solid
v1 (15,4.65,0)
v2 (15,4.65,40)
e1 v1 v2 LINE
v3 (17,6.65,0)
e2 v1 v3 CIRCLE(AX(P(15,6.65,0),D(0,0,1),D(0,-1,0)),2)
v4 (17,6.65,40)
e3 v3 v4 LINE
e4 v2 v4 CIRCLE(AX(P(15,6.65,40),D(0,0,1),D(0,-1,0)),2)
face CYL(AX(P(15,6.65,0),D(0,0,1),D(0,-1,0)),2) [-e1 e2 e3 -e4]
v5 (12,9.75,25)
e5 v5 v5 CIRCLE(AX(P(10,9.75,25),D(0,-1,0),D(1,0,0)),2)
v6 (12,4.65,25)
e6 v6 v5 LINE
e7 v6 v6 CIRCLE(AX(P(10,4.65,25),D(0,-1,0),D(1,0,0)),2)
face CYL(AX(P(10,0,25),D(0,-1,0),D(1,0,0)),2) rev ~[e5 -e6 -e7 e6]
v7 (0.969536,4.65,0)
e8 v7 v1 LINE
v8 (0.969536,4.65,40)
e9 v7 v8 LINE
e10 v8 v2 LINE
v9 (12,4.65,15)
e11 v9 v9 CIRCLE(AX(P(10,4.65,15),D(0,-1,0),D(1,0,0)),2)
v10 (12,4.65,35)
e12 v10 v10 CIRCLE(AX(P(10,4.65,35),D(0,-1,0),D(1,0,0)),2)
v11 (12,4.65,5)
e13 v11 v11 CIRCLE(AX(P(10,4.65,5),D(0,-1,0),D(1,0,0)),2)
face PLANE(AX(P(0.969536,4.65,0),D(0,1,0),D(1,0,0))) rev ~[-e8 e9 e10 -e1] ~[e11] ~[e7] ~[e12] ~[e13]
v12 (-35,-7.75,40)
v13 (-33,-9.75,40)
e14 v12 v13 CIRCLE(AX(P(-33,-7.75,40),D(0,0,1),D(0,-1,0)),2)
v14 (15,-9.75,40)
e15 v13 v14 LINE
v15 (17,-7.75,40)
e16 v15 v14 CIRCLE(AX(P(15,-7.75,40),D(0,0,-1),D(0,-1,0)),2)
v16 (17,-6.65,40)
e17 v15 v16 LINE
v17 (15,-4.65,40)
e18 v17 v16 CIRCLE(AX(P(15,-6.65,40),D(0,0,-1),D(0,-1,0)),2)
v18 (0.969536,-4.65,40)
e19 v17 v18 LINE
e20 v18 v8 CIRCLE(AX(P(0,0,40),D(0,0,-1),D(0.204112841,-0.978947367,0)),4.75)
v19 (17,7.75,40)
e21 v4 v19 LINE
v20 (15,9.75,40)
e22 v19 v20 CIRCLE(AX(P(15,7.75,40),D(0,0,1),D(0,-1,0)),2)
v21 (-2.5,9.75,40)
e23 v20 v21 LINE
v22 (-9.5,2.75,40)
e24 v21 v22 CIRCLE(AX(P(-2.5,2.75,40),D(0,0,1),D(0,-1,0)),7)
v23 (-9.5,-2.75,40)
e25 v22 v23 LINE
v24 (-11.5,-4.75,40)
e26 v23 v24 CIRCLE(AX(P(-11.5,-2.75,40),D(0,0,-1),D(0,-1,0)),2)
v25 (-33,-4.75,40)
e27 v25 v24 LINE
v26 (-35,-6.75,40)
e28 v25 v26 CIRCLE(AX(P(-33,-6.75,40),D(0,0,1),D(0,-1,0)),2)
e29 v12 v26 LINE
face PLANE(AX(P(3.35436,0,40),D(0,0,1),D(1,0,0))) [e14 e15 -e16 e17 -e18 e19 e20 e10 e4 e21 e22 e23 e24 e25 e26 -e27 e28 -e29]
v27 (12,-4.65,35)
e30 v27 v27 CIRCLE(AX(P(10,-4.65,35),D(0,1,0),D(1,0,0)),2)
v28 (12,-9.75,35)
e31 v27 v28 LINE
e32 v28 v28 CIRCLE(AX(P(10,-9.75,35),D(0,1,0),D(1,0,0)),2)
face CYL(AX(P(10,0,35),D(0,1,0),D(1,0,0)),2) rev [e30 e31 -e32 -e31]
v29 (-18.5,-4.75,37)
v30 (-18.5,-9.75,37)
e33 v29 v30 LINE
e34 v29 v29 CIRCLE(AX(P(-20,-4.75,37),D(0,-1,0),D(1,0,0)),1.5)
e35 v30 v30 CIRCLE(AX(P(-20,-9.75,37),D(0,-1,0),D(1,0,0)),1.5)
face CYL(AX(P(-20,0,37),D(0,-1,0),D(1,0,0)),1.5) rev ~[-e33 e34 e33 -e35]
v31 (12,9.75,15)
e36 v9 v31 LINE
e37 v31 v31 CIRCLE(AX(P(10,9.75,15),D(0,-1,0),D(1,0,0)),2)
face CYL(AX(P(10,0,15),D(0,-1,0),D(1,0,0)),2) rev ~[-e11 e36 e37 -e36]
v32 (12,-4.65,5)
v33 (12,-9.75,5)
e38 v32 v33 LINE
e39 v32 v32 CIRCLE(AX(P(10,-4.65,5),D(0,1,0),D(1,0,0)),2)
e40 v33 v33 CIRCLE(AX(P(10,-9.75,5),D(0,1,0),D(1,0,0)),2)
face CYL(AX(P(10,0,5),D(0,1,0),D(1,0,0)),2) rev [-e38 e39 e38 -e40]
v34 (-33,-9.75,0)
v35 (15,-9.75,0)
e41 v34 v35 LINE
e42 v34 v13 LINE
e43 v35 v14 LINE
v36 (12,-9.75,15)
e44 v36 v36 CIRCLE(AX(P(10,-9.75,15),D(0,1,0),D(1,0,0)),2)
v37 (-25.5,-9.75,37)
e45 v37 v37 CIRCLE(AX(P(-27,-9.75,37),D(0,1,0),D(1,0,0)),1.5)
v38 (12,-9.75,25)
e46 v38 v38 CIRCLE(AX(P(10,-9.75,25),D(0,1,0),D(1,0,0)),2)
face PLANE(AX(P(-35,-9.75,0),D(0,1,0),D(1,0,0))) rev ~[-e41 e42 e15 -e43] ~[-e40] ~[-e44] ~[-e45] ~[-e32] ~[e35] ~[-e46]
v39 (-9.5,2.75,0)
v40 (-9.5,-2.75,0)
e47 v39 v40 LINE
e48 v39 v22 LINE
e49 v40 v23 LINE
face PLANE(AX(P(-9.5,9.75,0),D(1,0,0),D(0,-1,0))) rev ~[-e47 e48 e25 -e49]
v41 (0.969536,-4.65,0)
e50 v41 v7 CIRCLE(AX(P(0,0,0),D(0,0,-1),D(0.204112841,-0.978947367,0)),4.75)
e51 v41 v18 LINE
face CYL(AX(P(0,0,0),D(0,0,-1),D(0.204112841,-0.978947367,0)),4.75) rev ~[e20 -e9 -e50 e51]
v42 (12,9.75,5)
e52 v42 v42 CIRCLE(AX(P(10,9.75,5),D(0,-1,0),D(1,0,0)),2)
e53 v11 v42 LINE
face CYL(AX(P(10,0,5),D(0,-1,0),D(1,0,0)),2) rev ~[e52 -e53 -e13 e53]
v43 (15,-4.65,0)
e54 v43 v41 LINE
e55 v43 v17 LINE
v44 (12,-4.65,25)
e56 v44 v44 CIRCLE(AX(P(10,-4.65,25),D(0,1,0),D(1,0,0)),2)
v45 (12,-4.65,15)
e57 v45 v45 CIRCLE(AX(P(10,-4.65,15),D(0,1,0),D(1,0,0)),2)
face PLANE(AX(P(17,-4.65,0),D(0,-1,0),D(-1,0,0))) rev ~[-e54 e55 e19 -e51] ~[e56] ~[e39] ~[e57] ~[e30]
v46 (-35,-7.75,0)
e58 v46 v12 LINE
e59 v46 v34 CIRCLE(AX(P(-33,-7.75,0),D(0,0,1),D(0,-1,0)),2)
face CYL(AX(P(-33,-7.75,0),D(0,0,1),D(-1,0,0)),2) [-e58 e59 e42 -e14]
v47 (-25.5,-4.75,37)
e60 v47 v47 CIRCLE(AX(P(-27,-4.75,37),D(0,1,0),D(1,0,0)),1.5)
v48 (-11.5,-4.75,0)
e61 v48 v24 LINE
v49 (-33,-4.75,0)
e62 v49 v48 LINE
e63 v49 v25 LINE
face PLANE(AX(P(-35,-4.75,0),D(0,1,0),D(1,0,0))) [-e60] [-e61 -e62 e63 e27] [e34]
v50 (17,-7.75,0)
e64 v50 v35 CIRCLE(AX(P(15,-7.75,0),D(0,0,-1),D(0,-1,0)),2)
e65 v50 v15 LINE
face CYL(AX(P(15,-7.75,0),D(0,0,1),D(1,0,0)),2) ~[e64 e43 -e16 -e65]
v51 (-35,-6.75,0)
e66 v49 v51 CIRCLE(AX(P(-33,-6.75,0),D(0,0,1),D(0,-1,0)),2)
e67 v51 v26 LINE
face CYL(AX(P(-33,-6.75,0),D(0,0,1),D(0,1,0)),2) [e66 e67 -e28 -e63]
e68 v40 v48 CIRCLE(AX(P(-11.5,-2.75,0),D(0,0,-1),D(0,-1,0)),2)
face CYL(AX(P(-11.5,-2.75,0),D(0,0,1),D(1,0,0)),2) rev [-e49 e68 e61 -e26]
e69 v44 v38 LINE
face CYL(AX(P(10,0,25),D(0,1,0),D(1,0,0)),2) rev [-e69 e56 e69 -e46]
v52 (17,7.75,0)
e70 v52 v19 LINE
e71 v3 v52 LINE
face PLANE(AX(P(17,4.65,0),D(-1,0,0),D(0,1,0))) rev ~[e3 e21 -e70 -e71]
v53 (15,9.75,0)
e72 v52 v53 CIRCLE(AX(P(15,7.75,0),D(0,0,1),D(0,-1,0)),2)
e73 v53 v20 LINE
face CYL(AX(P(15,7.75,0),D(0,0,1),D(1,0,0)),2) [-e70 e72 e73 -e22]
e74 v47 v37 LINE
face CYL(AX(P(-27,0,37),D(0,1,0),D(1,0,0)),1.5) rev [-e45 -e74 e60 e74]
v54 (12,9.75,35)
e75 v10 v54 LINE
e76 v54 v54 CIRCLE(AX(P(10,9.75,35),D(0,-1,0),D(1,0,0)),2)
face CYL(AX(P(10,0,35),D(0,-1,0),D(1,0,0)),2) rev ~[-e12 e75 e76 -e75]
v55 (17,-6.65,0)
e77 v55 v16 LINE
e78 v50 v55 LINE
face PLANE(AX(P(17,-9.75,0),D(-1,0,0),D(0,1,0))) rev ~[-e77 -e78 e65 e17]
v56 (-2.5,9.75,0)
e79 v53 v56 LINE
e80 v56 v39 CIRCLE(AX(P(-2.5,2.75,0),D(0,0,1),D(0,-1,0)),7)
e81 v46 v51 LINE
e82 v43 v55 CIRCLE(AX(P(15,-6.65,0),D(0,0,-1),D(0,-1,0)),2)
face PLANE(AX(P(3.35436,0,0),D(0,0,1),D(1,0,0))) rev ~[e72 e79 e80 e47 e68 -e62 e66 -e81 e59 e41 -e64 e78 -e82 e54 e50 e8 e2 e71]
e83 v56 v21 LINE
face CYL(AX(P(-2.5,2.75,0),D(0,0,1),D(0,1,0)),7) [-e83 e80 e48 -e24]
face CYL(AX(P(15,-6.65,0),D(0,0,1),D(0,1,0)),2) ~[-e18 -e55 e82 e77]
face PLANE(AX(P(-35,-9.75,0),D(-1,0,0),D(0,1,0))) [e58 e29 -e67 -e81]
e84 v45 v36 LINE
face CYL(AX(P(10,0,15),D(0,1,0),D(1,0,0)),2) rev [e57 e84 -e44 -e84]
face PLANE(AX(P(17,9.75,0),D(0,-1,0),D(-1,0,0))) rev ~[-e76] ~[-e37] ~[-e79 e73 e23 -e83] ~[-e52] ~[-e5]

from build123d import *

# Parameters (mm, degrees)
F0_W     = 25.5
F0_H     = 5
F1_DEPTH = 40
F2_R     = 2
F2_R_2   = 1.5
F3_DEPTH = 20
F4_R     = 2
F5_R     = 7


with BuildPart() as f1:
    # F0 (on Top) → F1 (new body)
    with BuildSketch(Plane.XY):
        with BuildLine():
            ThreePointArc((0.969536, -4.65), (-4.75, 0), (0.969536, 4.65))
            Line((0.969536, 4.65), (17, 4.65))
            Line((17, 4.65), (17, 9.75))
            Line((17, 9.75), (-9.5, 9.75))
            Line((-9.5, 9.75), (-9.5, -4.75))
            Line((-9.5, -4.75), (-9.5, -9.75))
            Line((-9.5, -9.75), (17, -9.75))
            Line((17, -9.75), (17, -4.65))
            Line((17, -4.65), (0.969536, -4.65))
        make_face()
        with Locations((-22.25, -7.25)):
            Rectangle(F0_W, F0_H)
    extrude(amount=F1_DEPTH)

    # F2 (on Front) → F3 (cut, symmetric)
    with BuildSketch(Plane.XZ):
        with Locations((10, 35)):
            Circle(F2_R)
        with Locations((10, 25)):
            Circle(F2_R)
        with Locations((10, 15)):
            Circle(F2_R)
        with Locations((10, 5)):
            Circle(F2_R)
        with Locations((-27, 37)):
            Circle(F2_R_2)
        with Locations((-20, 37)):
            Circle(F2_R_2)
    extrude(amount=F3_DEPTH, both=True, mode=Mode.SUBTRACT)

    # F4
    f4_edges = [f1.edges().sort_by_distance(p)[0] for p in [
        (-35, -9.75, 20),
        (-35, -4.75, 20),
        (17, -9.75, 20),
        (-9.5, -4.75, 20),
        (17, -4.65, 20),
        (17, 4.65, 20),
        (17, 9.75, 20),
    ]]
    fillet(f4_edges, radius=F4_R)

    # F5
    f5_edges = [f1.edges().sort_by_distance(p)[0] for p in [
        (-9.5, 9.75, 20),
    ]]
    fillet(f5_edges, radius=F5_R)


solid = f1.part
